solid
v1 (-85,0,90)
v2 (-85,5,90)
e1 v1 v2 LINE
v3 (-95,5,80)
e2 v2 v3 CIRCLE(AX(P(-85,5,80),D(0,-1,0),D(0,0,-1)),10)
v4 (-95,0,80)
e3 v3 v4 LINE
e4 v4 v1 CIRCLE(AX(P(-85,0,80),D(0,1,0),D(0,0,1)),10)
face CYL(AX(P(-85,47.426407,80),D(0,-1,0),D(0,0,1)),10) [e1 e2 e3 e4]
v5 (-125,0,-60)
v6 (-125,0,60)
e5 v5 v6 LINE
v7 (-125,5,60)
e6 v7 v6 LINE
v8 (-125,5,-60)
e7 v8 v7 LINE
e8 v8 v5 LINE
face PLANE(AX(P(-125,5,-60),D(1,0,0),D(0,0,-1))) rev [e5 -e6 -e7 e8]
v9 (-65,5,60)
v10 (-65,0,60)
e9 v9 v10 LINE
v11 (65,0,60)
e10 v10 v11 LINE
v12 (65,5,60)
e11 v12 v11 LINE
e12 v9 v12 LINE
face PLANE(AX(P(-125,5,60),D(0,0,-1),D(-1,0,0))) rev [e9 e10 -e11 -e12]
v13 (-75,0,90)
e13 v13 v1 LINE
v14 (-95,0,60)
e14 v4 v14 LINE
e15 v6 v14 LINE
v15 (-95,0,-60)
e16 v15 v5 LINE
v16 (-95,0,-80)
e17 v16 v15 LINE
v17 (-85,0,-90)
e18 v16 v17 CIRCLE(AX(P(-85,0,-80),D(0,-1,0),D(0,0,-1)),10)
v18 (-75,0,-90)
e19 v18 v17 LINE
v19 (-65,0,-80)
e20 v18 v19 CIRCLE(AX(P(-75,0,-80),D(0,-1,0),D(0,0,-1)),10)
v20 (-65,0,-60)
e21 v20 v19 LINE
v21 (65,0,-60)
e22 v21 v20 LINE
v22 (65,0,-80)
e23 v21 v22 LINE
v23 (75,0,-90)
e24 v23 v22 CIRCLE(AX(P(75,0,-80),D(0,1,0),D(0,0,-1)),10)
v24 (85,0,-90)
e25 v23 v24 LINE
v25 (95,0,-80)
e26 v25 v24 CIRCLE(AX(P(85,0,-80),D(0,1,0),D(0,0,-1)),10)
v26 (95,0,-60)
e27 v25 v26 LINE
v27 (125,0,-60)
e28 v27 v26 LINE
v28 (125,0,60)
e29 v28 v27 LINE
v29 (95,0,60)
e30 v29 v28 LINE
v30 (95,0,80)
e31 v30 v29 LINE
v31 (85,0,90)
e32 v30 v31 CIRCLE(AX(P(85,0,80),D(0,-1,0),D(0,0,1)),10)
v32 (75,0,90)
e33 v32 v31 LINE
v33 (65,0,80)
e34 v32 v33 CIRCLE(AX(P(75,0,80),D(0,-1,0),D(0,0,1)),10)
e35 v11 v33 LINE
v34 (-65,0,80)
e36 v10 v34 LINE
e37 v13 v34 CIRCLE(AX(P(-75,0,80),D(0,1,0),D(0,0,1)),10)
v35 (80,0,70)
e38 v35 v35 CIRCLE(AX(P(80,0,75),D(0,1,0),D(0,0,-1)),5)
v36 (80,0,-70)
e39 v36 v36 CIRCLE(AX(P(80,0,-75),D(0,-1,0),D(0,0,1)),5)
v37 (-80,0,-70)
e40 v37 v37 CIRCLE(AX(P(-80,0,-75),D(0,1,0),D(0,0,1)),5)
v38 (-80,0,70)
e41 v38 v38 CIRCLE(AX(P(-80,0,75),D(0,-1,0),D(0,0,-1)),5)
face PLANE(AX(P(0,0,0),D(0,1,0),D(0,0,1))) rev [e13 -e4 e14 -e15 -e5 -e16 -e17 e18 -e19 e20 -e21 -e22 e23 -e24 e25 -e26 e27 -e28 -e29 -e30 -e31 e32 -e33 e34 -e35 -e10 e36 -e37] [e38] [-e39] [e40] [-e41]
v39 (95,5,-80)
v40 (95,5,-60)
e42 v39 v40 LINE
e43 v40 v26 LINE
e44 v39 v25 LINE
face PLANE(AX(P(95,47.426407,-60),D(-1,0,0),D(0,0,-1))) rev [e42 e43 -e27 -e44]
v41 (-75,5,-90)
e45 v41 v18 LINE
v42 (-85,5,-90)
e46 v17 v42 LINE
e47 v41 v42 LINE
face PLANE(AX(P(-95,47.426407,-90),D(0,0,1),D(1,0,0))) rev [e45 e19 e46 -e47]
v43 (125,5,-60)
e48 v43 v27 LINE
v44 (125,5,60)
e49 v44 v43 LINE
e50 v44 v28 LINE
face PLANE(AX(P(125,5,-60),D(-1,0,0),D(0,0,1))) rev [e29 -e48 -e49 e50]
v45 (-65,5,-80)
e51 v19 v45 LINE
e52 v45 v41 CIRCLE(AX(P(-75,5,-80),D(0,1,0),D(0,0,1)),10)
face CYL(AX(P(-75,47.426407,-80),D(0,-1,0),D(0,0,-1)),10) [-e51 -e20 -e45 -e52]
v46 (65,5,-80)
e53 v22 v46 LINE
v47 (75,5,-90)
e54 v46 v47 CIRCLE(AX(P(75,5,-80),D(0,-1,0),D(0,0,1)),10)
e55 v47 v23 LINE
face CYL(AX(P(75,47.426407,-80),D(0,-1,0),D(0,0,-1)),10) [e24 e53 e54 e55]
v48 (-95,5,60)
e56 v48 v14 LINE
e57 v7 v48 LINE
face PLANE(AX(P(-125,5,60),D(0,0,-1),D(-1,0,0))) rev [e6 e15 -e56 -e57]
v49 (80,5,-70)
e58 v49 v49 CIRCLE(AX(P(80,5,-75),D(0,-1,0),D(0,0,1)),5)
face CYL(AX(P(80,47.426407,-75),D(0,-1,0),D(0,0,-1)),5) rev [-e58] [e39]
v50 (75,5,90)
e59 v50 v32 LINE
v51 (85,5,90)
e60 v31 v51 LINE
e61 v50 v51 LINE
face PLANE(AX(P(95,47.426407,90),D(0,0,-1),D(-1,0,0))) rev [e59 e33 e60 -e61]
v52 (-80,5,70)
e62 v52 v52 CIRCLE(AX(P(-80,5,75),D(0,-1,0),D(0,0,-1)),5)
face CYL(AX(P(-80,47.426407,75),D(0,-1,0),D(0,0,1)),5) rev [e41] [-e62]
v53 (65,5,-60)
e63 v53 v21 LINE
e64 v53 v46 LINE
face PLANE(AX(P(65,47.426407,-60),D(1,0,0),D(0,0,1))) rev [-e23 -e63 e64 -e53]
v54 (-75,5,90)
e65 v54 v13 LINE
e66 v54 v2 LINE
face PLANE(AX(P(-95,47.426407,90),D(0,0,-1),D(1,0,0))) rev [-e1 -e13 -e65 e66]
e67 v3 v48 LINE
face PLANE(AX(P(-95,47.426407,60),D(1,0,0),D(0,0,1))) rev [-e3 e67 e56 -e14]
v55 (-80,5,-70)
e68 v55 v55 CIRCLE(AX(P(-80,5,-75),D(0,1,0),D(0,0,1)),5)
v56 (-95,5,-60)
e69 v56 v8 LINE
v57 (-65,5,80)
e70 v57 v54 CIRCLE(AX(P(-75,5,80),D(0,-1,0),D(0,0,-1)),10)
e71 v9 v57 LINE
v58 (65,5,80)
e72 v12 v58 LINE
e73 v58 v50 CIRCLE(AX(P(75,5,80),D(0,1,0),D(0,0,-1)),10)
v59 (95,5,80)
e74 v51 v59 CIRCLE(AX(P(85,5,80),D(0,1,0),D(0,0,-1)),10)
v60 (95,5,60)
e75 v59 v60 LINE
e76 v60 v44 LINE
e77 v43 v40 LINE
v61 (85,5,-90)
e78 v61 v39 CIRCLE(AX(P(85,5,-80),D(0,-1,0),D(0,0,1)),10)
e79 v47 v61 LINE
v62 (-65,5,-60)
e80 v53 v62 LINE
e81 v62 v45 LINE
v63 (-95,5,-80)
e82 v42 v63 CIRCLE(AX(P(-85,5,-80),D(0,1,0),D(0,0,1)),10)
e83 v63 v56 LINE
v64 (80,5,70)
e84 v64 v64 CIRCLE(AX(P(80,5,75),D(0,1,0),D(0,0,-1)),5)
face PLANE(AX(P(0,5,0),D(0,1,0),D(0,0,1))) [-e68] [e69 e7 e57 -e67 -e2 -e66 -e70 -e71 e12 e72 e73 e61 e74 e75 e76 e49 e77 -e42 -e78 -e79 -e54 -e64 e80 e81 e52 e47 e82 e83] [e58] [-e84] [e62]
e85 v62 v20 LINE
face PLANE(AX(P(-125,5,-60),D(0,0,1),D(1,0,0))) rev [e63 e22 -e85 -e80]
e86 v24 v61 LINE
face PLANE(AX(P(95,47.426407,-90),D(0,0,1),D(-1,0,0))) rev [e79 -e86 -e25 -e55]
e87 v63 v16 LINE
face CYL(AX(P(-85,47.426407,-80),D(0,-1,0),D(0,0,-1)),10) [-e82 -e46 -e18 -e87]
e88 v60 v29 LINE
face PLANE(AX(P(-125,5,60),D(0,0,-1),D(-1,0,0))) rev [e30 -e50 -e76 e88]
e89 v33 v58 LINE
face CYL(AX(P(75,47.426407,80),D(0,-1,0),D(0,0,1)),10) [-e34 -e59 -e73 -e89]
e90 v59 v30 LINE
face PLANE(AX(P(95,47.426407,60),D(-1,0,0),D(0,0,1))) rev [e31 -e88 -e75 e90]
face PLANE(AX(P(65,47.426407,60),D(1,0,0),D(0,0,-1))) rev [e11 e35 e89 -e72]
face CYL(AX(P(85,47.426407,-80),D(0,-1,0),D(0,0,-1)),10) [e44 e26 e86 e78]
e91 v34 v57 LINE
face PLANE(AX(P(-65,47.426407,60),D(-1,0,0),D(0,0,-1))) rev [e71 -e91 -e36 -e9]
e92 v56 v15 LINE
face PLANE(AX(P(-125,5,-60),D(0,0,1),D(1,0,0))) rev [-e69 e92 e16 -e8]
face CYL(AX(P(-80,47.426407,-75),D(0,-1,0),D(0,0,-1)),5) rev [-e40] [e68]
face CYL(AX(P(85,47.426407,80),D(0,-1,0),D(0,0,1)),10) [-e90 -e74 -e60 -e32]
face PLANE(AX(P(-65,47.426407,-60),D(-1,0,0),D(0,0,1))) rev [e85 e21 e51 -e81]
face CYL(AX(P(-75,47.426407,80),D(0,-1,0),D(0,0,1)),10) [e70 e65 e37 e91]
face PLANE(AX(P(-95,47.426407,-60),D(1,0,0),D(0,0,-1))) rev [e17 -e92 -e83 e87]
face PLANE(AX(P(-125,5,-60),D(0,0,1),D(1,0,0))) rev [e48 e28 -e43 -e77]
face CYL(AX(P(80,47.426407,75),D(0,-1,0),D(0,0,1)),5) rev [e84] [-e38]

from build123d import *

# Parameters (mm, degrees)
SKETCH_1_W      = 250
SKETCH_1_H      = 120
EXTRUDE_1_DEPTH = 5
SKETCH_2_W      = 30
SKETCH_2_H      = 30
SKETCH_2_R      = 5
EXTRUDE_2_DEPTH = 5
FILLET_1_R      = 10


with BuildPart() as part:
    # Эскиз1 → Бобышка-Вытянуть1 (new body)
    with BuildSketch(Plane(origin=(0, 0, 0), x_dir=(1, 0, 0), z_dir=(0, 1, 0))):
        Rectangle(SKETCH_1_W, SKETCH_1_H)
    extrude(amount=EXTRUDE_1_DEPTH)


with BuildPart() as body_2:
    # Эскиз2 → Бобышка-Вытянуть2 (new body)
    with BuildSketch(Plane(origin=(0, 0, 0), x_dir=(1, 0, 0), z_dir=(0, 1, 0))):
        with Locations((-80, 75)):
            Rectangle(SKETCH_2_W, SKETCH_2_H)
        with Locations(Location((-80, 75, 0), (0, 0, 270))):
            Circle(SKETCH_2_R, mode=Mode.SUBTRACT)
    extrude(amount=EXTRUDE_2_DEPTH)

    # Скругление1
    fillet_1_edges = [body_2.edges().sort_by_distance(p)[0] for p in [
        (-95, 2.5, -90),
        (-65, 2.5, -90),
    ]]
    fillet(fillet_1_edges, radius=FILLET_1_R)


with BuildPart() as body_3:
    # Зеркальное отражение1: mirrored copy
    add(body_2.part.mirror(Plane(origin=(0, 0, 0), x_dir=(0, 0, 1), z_dir=(1, 0, 0))))


with BuildPart() as body_4:
    # Зеркальное отражение3: mirrored copy
    add(body_2.part.mirror(Plane.XY))


with BuildPart() as body_5:
    # Mirror 3 2: mirrored copy
    add(body_3.part.mirror(Plane.XY))


with BuildPart() as part_1:
    add(part.part)

    # Combine 1: union body 4, body 3, body 2, body 5
    add(body_4.part)
    add(body_3.part)
    add(body_2.part)
    add(body_5.part)


solid = part_1.part
